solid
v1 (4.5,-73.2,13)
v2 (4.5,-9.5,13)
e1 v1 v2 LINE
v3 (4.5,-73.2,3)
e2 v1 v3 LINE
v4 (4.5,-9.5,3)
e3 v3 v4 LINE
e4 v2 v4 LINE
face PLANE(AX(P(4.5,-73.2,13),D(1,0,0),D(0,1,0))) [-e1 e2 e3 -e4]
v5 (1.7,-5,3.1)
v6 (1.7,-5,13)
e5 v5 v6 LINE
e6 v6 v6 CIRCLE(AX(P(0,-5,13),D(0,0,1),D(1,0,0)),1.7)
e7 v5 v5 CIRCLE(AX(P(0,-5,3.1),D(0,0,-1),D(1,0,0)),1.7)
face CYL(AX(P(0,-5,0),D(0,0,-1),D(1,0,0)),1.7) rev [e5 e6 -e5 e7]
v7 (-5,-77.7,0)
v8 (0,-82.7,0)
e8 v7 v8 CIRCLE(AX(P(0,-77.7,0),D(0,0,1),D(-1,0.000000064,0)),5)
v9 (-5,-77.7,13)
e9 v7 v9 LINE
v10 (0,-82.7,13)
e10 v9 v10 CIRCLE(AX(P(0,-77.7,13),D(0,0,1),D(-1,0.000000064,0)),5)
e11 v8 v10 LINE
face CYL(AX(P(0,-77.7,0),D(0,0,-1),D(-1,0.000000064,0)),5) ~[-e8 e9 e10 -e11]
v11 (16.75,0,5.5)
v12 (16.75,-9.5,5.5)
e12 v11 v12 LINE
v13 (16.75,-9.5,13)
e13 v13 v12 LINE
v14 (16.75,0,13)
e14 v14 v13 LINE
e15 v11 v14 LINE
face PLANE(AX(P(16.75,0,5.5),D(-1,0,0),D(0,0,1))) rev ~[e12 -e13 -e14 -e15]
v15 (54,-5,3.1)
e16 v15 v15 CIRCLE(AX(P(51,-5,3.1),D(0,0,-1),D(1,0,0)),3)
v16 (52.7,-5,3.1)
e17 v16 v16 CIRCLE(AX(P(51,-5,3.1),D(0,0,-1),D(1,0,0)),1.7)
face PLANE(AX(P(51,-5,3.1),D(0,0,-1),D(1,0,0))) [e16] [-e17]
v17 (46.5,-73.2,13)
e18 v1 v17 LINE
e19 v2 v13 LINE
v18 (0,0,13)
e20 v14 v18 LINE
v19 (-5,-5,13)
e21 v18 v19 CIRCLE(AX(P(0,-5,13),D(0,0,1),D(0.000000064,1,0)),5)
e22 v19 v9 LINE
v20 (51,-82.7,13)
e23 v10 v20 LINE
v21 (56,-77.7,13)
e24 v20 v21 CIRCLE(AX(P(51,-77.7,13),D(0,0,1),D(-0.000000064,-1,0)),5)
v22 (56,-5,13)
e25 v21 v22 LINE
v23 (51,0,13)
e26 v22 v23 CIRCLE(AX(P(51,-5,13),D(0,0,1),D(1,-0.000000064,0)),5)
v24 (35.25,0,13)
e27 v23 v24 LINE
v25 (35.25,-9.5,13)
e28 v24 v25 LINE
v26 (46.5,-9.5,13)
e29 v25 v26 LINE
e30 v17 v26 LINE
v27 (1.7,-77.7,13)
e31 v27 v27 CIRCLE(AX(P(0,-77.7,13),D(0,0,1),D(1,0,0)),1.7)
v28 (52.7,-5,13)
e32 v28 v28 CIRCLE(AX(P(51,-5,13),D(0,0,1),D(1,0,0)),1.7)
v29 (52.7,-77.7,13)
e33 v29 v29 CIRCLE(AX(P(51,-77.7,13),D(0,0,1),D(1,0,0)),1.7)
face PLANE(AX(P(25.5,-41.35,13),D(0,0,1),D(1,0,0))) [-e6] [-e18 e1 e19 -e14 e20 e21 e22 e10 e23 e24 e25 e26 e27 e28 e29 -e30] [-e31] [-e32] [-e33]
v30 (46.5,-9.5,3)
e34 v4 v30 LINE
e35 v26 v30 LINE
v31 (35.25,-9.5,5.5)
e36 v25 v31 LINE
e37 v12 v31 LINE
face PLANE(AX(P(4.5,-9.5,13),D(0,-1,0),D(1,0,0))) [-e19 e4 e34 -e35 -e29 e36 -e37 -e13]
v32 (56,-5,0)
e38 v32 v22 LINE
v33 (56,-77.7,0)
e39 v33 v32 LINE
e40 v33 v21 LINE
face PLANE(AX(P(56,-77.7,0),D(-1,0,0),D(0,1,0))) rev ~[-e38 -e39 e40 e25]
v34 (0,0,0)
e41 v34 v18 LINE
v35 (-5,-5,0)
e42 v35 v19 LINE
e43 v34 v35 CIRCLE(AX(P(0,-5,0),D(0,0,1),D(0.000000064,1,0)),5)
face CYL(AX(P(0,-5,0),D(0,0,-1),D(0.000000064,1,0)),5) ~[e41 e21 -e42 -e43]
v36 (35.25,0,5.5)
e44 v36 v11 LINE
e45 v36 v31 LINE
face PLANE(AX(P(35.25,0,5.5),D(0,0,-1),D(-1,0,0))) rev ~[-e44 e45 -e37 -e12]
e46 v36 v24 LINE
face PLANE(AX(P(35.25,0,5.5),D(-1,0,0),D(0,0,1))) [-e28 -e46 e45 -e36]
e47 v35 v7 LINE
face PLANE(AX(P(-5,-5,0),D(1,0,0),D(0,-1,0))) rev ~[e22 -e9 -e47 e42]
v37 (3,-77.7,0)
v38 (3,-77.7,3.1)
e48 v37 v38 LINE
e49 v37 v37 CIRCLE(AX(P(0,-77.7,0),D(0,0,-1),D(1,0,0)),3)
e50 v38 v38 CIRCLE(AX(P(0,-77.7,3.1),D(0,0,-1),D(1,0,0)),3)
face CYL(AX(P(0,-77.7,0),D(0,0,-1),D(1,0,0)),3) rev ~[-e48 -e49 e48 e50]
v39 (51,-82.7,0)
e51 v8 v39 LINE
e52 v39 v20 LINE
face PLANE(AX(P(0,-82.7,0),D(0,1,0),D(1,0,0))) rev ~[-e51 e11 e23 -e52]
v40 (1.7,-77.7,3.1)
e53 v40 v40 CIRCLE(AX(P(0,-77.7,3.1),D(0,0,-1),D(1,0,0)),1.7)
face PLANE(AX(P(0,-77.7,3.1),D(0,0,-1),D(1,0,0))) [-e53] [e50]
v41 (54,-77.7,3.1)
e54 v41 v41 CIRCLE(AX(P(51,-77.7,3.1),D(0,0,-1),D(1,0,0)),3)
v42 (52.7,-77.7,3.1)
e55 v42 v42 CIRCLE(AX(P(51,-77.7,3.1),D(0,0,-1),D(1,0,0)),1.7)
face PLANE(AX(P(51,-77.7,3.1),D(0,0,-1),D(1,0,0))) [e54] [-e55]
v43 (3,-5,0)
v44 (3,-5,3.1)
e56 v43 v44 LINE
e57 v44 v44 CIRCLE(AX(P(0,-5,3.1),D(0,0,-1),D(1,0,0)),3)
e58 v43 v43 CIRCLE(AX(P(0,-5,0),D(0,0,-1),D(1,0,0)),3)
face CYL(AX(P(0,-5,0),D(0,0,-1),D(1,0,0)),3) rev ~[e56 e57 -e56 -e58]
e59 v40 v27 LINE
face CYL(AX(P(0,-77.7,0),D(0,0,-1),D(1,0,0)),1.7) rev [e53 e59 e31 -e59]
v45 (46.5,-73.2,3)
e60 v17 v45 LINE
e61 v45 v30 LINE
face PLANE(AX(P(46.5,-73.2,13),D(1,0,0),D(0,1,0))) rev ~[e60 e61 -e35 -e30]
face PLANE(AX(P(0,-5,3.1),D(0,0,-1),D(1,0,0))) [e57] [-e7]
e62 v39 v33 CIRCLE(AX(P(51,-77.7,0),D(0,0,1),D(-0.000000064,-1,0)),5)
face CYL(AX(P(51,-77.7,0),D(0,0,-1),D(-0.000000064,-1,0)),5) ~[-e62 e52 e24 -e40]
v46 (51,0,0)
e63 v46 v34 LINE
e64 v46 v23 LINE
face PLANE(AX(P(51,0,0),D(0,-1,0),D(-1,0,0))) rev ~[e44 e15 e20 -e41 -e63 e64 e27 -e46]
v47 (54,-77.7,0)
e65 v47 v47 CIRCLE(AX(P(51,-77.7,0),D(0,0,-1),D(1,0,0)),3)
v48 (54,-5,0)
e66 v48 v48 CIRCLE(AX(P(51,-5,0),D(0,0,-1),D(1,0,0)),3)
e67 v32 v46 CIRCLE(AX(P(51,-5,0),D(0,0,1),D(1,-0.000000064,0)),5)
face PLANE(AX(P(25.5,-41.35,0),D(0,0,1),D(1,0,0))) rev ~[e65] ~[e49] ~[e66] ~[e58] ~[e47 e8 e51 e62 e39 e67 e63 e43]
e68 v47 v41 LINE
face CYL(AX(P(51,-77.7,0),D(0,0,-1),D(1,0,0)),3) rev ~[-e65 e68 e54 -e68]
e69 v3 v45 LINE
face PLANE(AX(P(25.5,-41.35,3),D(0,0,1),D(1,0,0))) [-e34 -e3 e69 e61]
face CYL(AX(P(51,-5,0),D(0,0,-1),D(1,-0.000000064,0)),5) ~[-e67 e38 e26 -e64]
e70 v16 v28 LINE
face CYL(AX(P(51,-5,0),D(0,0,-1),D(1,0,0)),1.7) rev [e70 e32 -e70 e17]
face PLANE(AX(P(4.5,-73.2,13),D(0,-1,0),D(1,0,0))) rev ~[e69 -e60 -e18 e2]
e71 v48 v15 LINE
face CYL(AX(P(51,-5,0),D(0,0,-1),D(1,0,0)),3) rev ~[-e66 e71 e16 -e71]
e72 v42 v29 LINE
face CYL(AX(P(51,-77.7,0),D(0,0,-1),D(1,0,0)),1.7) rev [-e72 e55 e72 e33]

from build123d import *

# Parameters (mm, degrees)
SKETCH_R        = 1.7
PAD_DEPTH       = 13
SKETCH001_W     = 42
SKETCH001_H     = 63.7
POCKET_DEPTH    = 10
SKETCH002_W     = 18.5
SKETCH002_H     = 7.5
POCKET001_DEPTH = 11
SKETCH003_R     = 3
POCKET002_DEPTH = 3.1


with BuildPart() as part:
    # Sketch → Pad (new body)
    with BuildSketch(Plane.XY):
        with BuildLine():
            Line((-5, -5), (-5, -77.7))
            ThreePointArc((-5, -77.7), (-3.535534, -81.235534), (0, -82.7))
            Line((0, -82.7), (51, -82.7))
            ThreePointArc((51, -82.7), (54.535534, -81.235534), (56, -77.7))
            Line((56, -77.7), (56, -5))
            ThreePointArc((56, -5), (54.535534, -1.464466), (51, 0))
            Line((51, 0), (0, 0))
            ThreePointArc((0, 0), (-3.535534, -1.464466), (-5, -5))
        make_face()
        with Locations((0, -5)):
            Circle(SKETCH_R, mode=Mode.SUBTRACT)
        with Locations((51, -5)):
            Circle(SKETCH_R, mode=Mode.SUBTRACT)
        with Locations((51, -77.7)):
            Circle(SKETCH_R, mode=Mode.SUBTRACT)
        with Locations((0, -77.7)):
            Circle(SKETCH_R, mode=Mode.SUBTRACT)
    extrude(amount=PAD_DEPTH)

    # Sketch001 (on Face14 of Pad) → Pocket (cut)
    with BuildSketch(Plane.XY.offset(13)):
        with Locations((25.5, -41.35)):
            Rectangle(SKETCH001_W, SKETCH001_H)
    extrude(amount=-POCKET_DEPTH, mode=Mode.SUBTRACT)

    # Sketch002 (on Face6 of Pocket) → Pocket001 (cut)
    with BuildSketch(Plane(origin=(0, 0, 0), x_dir=(-1, 0, 0), z_dir=(0, 1, 0))):
        with Locations((-26, 9.25)):
            Rectangle(SKETCH002_W, SKETCH002_H)
    extrude(amount=-POCKET001_DEPTH, mode=Mode.SUBTRACT)

    # Sketch003 (on Face4 of Pocket001) → Pocket002 (cut)
    with BuildSketch(Plane(origin=(0, 0, 0), x_dir=(1, 0, 0), z_dir=(0, 0, -1))):
        with Locations((0, 5)):
            Circle(SKETCH003_R)
        with Locations((51, 5)):
            Circle(SKETCH003_R)
        with Locations((51, 77.7)):
            Circle(SKETCH003_R)
        with Locations((0, 77.7)):
            Circle(SKETCH003_R)
    extrude(amount=-POCKET002_DEPTH, mode=Mode.SUBTRACT)


solid = part.part
